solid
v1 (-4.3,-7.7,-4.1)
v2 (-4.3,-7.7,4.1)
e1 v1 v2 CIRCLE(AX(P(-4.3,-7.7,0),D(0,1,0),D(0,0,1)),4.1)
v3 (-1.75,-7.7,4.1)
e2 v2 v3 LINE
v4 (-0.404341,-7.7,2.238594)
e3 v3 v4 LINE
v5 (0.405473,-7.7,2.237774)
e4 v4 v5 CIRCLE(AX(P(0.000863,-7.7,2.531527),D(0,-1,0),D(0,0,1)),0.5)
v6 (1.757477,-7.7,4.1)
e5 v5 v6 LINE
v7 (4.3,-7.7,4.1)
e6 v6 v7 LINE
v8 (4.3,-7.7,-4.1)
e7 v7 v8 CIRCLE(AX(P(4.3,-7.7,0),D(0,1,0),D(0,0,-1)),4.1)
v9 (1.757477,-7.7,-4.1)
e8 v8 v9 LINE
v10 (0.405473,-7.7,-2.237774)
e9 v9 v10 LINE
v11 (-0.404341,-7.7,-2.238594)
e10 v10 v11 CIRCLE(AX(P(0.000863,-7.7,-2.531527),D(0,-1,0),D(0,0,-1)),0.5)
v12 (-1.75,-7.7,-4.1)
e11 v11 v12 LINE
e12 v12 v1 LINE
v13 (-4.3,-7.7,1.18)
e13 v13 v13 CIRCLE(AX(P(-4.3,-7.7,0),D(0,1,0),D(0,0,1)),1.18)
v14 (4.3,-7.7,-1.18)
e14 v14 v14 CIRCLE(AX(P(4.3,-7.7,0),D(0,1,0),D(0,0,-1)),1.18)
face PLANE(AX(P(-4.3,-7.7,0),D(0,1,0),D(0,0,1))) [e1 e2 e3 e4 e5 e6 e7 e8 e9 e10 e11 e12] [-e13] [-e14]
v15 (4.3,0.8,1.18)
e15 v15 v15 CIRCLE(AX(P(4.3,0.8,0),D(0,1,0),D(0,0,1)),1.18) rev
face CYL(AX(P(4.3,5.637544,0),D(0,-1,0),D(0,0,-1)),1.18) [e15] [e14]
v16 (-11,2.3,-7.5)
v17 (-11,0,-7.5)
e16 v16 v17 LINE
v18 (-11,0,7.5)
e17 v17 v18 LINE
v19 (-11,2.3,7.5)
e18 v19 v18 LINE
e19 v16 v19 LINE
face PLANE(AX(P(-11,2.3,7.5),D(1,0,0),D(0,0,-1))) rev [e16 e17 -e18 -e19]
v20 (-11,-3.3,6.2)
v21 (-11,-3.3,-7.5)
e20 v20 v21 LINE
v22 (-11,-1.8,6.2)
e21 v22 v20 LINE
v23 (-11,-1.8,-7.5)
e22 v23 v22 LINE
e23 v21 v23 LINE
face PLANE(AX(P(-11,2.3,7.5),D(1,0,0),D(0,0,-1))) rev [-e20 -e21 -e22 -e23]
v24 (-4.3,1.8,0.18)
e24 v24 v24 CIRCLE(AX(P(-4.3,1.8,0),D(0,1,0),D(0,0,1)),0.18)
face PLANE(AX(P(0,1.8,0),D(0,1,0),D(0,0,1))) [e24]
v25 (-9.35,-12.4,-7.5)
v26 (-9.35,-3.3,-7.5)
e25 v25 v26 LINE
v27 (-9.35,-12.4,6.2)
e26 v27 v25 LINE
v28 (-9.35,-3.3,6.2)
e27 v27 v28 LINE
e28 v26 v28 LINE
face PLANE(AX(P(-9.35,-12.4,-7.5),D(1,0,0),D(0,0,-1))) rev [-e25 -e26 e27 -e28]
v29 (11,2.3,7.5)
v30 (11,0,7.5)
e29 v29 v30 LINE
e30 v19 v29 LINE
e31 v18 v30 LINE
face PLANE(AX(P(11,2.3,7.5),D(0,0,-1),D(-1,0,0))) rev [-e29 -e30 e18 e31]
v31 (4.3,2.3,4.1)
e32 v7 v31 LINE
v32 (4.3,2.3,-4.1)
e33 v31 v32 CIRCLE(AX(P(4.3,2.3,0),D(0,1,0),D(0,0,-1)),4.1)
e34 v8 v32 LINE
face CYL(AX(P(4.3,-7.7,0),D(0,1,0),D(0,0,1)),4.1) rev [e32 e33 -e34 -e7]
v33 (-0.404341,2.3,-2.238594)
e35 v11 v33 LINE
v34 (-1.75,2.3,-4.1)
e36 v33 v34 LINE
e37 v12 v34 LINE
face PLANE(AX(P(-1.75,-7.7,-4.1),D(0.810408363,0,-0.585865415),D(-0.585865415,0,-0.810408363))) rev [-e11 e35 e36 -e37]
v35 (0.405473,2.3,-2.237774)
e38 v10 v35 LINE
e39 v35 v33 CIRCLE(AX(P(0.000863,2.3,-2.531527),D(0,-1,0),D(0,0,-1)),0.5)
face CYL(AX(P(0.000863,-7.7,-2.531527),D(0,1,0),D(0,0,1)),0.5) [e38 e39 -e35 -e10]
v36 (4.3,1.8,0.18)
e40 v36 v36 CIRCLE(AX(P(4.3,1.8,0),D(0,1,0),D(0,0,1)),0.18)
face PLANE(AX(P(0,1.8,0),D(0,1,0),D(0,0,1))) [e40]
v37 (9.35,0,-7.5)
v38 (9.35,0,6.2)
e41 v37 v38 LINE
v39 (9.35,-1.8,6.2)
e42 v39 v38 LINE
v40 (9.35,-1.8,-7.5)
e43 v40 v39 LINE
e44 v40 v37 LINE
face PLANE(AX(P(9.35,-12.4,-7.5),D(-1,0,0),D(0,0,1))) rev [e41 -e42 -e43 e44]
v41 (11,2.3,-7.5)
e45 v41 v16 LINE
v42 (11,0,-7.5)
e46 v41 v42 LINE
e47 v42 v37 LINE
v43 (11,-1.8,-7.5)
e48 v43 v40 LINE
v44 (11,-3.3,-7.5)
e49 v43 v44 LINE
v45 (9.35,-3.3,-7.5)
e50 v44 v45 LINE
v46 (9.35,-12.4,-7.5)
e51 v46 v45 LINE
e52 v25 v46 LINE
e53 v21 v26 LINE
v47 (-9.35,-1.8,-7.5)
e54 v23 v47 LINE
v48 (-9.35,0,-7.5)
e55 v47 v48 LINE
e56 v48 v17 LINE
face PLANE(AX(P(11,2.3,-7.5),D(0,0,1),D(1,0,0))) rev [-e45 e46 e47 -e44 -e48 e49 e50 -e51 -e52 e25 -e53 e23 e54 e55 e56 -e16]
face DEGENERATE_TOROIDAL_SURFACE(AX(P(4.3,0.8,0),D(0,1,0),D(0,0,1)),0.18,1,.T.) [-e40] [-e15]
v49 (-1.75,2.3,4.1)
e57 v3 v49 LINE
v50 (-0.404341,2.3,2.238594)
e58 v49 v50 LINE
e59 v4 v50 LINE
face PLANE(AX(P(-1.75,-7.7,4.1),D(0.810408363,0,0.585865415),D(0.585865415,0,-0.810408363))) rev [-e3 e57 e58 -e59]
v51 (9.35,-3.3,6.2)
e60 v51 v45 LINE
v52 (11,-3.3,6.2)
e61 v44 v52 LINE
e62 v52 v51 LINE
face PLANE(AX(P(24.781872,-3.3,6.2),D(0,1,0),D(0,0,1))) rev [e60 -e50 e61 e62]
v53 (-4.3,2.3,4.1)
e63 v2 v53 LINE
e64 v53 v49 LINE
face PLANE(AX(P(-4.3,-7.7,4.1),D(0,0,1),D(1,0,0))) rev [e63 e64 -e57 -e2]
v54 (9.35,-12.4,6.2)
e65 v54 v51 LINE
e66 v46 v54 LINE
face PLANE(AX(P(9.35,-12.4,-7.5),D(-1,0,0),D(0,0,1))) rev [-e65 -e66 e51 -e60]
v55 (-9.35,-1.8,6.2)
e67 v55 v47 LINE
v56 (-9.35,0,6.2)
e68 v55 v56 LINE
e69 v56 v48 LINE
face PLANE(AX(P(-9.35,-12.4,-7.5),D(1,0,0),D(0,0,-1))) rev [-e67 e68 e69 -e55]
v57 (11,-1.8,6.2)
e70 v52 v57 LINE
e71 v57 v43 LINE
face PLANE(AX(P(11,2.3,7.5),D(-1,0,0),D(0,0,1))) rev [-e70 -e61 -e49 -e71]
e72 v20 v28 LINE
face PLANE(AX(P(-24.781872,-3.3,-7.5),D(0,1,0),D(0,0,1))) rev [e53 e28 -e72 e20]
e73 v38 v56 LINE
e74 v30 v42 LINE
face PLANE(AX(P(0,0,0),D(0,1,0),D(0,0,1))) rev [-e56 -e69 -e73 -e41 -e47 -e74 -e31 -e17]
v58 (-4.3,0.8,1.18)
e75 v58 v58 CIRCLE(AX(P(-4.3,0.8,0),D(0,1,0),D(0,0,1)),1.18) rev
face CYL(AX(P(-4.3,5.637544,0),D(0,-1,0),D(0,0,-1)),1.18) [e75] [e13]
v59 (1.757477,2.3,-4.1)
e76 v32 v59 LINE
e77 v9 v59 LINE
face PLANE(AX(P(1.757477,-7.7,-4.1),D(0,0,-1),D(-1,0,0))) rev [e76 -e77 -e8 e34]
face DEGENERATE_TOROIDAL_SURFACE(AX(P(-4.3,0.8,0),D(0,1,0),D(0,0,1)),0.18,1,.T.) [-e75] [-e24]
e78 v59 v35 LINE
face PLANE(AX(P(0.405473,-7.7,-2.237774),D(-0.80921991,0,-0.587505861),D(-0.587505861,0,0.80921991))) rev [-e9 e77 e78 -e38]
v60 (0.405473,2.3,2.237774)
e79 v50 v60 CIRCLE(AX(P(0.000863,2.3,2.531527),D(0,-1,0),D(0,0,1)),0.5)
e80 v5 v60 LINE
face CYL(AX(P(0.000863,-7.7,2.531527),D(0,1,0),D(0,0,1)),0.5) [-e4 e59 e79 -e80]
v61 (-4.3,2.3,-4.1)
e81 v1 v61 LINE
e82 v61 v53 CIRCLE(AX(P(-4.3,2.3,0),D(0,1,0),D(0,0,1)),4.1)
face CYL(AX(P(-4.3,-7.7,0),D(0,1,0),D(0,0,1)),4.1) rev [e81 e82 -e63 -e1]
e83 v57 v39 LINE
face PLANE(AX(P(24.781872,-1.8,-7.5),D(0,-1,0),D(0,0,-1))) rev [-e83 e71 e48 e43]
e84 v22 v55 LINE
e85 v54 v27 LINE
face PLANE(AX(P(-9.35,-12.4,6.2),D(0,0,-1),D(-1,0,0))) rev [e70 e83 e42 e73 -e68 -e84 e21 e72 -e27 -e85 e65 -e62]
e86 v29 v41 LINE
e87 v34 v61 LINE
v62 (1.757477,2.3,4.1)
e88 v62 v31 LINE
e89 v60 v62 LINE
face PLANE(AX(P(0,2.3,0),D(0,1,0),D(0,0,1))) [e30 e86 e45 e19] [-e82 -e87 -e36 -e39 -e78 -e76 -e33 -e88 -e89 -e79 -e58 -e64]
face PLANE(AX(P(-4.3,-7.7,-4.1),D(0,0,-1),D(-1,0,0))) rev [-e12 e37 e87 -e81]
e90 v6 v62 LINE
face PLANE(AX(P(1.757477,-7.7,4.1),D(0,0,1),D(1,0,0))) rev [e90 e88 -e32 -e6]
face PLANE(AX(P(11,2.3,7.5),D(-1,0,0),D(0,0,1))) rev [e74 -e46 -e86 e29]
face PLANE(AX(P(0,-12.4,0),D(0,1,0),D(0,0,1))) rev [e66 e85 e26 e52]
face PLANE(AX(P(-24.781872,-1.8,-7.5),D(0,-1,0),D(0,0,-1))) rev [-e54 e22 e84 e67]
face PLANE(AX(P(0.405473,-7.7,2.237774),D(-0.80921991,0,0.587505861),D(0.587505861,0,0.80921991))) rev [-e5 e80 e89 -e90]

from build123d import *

# Parameters (mm, degrees)
SKETCH_1_W          = 22
SKETCH_1_H          = 15
EXTRUDE_1_DEPTH     = 2.3
SKETCH_2_W          = 18.7
SKETCH_2_H          = 13.7
EXTRUDE_2_DEPTH     = 12.4
SKETCH_3_W          = 13.7
SKETCH_3_H          = 1.5
EXTRUDE_3_DEPTH     = 1.65
SKETCH_4_W          = 13.7
SKETCH_4_H          = 1.5
EXTRUDE_4_DEPTH     = 1.65
CUT_EXTRUDE_1_DEPTH = 10
SKETCH_5_R          = 1.18
EXTRUDE_5_DEPTH     = 9.5
FILLET_6_R          = 1


with BuildPart() as part:
    # 草图1 → 凸台-拉伸1 (new body)
    with BuildSketch(Plane(origin=(0, 0, 0), x_dir=(1, 0, 0), z_dir=(0, 1, 0))):
        Rectangle(SKETCH_1_W, SKETCH_1_H)
    extrude(amount=EXTRUDE_1_DEPTH)

    # 草图2 → 凸台-拉伸2 (add)
    with BuildSketch(Plane.XZ):
        with Locations((0, -0.65)):
            Rectangle(SKETCH_2_W, SKETCH_2_H)
    extrude(amount=EXTRUDE_2_DEPTH)

    # 草图3 → 凸台-拉伸3 (add)
    with BuildSketch(Plane.ZY.offset(9.35)):
        with Locations((-0.65, -2.55)):
            Rectangle(SKETCH_3_W, SKETCH_3_H)
    extrude(amount=EXTRUDE_3_DEPTH)

    # 草图4 → 凸台-拉伸4 (add)
    with BuildSketch(Plane(origin=(9.35, 0, 0), x_dir=(0, 0, -1), z_dir=(1, 0, 0))):
        with Locations((0.65, -2.55)):
            Rectangle(SKETCH_4_W, SKETCH_4_H)
    extrude(amount=EXTRUDE_4_DEPTH)

    # 草图6 → 切除-拉伸1 (cut)
    with BuildSketch(Plane(origin=(0, 2.3, 0), x_dir=(1, 0, 0), z_dir=(0, 1, 0))):
        with BuildLine():
            Line((0.405473154, -2.237773908), (1.757477388, -4.1))
            Line((1.757477388, -4.1), (4.3, -4.1))
            ThreePointArc((4.3, -4.1), (8.4, 0), (4.3, 4.1))
            Line((4.3, 4.1), (1.757477388, 4.1))
            Line((1.757477388, 4.1), (0.405473154, 2.237773908))
            ThreePointArc((0.405473154, 2.237773908), (0.000356772, 2.031527095), (-0.404340983, 2.238594131))
            Line((-0.404340983, 2.238594131), (-1.75, 4.1))
            Line((-1.75, 4.1), (-4.3, 4.1))
            ThreePointArc((-4.3, 4.1), (-8.4, 0), (-4.3, -4.1))
            Line((-4.3, -4.1), (-1.75, -4.1))
            Line((-1.75, -4.1), (-0.404340983, -2.238594131))
            ThreePointArc((-0.404340983, -2.238594131), (0.000356772, -2.031527095), (0.405473154, -2.237773908))
        make_face()
    extrude(amount=-CUT_EXTRUDE_1_DEPTH, mode=Mode.SUBTRACT)

    # 草图5 → 凸台-拉伸5 (add)
    with BuildSketch(Plane(origin=(0, -7.7, 0), x_dir=(1, 0, 0), z_dir=(0, 1, 0))):
        with Locations((-4.3, 0)):
            Circle(SKETCH_5_R)
        with Locations((4.3, 0)):
            Circle(SKETCH_5_R)
    extrude(amount=EXTRUDE_5_DEPTH)

    # 圆角6
    fillet_6_edges = [part.edges().sort_by_distance(p)[0] for p in [
        (-5.48, 1.8, 0),
        (3.12, 1.8, 0),
    ]]
    fillet(fillet_6_edges, radius=FILLET_6_R)


solid = part.part
